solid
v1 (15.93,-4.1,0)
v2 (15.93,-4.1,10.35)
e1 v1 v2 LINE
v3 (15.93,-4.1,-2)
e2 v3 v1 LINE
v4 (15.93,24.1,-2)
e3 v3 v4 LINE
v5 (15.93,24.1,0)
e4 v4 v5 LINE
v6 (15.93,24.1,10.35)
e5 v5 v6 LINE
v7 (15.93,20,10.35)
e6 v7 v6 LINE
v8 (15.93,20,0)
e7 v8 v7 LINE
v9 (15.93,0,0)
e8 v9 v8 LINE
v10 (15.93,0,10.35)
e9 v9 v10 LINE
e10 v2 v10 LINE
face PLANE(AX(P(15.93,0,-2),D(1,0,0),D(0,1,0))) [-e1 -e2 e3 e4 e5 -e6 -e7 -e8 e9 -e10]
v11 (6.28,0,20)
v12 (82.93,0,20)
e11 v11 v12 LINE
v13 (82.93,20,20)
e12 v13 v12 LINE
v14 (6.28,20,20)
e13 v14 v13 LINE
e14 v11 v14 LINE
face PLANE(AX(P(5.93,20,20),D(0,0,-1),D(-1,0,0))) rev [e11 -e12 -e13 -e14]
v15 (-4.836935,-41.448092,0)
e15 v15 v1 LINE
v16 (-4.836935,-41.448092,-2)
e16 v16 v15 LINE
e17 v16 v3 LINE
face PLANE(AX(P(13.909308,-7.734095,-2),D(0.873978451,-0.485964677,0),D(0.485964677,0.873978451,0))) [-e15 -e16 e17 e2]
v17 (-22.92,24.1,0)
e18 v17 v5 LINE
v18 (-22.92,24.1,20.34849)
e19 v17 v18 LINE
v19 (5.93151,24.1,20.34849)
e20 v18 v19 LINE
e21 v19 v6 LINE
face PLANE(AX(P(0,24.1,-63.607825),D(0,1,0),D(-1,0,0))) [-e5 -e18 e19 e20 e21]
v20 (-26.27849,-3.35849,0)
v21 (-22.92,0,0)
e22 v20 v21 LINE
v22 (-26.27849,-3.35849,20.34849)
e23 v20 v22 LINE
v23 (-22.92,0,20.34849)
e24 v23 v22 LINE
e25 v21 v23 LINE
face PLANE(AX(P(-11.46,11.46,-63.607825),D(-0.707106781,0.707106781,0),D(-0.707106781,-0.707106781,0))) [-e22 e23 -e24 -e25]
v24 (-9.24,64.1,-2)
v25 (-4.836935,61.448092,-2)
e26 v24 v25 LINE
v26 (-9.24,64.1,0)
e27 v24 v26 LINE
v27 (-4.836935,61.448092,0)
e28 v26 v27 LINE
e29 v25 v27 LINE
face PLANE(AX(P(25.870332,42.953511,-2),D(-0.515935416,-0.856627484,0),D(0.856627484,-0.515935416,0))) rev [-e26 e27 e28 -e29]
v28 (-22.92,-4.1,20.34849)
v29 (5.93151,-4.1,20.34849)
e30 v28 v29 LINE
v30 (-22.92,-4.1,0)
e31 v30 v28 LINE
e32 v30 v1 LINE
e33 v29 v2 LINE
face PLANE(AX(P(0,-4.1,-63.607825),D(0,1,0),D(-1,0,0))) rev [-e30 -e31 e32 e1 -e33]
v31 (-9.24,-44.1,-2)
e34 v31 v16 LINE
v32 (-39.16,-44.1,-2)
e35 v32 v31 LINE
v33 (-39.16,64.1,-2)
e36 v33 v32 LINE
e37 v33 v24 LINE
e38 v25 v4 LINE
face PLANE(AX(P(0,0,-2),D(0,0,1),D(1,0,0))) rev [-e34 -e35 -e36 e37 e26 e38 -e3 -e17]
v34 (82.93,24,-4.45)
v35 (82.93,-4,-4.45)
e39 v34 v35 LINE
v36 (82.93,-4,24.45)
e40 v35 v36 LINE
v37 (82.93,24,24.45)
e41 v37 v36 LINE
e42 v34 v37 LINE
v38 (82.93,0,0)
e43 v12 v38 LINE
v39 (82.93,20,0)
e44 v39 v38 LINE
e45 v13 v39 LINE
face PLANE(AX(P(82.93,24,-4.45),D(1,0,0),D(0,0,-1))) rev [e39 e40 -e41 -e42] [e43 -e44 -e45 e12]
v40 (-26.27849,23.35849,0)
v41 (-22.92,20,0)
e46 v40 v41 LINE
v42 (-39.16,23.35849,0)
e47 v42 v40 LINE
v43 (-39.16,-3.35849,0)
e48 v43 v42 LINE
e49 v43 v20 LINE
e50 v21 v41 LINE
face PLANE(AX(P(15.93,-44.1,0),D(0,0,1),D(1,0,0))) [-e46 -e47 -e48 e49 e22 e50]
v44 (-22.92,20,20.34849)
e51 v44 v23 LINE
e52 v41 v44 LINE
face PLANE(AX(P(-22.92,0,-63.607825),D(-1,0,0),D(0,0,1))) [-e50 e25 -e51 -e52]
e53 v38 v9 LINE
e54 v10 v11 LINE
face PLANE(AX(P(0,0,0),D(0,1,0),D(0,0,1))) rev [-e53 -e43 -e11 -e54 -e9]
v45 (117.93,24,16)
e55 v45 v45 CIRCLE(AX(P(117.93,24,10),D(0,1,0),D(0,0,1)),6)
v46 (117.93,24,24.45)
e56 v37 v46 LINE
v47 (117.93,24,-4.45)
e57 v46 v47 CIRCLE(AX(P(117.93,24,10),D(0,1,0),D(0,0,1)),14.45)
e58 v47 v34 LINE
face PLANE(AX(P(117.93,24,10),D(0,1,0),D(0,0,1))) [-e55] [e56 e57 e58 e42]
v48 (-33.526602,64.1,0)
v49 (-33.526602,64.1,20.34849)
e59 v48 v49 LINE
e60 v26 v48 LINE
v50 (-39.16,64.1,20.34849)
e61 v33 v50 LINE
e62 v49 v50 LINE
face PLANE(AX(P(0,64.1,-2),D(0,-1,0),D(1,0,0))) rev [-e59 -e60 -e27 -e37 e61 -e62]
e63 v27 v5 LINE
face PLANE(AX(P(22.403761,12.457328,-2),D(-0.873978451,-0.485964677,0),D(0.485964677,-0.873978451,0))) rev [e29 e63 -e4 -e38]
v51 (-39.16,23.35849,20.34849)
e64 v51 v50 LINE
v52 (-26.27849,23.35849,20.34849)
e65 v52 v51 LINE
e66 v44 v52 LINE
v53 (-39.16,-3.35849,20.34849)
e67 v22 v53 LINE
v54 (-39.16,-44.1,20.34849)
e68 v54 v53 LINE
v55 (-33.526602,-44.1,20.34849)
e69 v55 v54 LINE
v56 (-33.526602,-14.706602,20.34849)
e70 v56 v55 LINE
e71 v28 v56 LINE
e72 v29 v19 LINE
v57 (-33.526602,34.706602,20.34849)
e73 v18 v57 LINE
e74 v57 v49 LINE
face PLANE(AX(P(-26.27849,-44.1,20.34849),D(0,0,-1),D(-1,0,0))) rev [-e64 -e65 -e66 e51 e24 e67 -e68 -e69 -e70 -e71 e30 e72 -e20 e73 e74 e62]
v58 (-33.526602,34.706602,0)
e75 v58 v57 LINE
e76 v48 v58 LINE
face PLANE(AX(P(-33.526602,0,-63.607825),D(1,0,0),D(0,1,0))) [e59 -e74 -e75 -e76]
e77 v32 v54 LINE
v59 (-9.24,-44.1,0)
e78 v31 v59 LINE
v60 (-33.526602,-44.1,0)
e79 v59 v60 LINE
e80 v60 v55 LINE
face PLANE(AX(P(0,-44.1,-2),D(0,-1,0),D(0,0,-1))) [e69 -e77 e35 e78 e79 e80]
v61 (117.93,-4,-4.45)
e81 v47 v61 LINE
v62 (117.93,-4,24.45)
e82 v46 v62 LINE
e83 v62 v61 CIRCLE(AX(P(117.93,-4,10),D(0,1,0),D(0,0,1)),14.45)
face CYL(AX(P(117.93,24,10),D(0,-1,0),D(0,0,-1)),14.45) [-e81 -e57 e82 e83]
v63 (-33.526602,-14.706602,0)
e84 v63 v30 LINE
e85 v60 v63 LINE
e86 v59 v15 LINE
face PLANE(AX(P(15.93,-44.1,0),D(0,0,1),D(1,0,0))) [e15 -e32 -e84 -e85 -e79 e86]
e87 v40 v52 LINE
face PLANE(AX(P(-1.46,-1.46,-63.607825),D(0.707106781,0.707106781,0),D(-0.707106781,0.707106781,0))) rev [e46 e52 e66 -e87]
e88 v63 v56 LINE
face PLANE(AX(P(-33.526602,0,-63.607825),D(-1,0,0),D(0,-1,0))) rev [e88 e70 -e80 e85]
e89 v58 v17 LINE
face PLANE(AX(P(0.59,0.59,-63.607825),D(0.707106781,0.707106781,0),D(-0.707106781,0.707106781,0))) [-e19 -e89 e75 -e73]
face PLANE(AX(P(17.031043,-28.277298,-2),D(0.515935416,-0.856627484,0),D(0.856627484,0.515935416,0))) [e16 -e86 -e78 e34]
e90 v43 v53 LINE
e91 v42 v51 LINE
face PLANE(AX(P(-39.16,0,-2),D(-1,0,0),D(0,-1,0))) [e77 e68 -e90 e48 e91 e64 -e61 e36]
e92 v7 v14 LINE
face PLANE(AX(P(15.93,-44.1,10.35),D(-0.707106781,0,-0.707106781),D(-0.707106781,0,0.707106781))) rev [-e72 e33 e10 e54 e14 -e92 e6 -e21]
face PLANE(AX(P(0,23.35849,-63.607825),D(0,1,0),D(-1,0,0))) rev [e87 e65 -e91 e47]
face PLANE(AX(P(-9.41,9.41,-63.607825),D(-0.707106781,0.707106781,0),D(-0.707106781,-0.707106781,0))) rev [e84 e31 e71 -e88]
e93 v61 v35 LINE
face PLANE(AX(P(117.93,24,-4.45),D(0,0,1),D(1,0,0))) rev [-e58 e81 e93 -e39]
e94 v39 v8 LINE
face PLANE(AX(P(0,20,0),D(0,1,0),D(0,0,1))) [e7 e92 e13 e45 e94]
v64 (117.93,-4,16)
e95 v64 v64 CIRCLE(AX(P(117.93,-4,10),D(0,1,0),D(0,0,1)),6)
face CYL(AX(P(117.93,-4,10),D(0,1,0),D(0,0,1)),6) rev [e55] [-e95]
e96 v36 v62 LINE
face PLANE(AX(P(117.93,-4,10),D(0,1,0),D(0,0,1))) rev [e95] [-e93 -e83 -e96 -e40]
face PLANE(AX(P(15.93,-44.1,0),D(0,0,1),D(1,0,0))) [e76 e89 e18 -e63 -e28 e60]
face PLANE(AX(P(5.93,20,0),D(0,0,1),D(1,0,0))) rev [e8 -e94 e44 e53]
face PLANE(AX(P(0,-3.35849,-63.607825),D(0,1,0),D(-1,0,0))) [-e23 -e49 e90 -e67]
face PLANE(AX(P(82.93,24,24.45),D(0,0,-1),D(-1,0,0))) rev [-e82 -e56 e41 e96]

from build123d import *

# Parameters (mm, degrees)
BOSS_EXTRUDE3_START = -4
BOSS_EXTRUDE3_DEPTH = 28
SKETCH3_R           = 6
CUT_EXTRUDE1_DEPTH  = 28
BOSS_EXTRUDE4_START = 10
SKETCH5_W           = 77
SKETCH5_H           = 20
BOSS_EXTRUDE4_DEPTH = 10
BOSS_EXTRUDE5_DEPTH = 2
BOSS_EXTRUDE6_DEPTH = 54.1
CUT_EXTRUDE5_REACH  = 151.158
SKETCH9_W           = 9.998489886
SKETCH9_H           = 40


with BuildPart() as part:
    # Sketch1 → Boss-Extrude3 (new body)
    with BuildSketch(Plane(origin=(0, 0, 0), x_dir=(1, 0, 0), z_dir=(0, 1, 0)).offset(BOSS_EXTRUDE3_START)):
        with BuildLine():
            Line((117.93, 4.45), (82.93, 4.45))
            Line((82.93, 4.45), (82.93, -24.45))
            Line((82.93, -24.45), (117.93, -24.45))
            ThreePointArc((117.93, -24.45), (132.38, -10), (117.93, 4.45))
        make_face()
    extrude(amount=BOSS_EXTRUDE3_DEPTH)

    # Sketch3 → Cut-Extrude1 (cut)
    with BuildSketch(Plane(origin=(0, 24, 0), x_dir=(1, 0, 0), z_dir=(0, 1, 0))):
        with Locations(Location((117.93, -10, 0), (0, 0, 270))):
            Circle(SKETCH3_R)
    extrude(amount=-CUT_EXTRUDE1_DEPTH, mode=Mode.SUBTRACT)

    # Sketch5 → Boss-Extrude4 (add, symmetric)
    with BuildSketch(Plane(origin=(0, 0, 0), x_dir=(1, 0, 0), z_dir=(0, 1, 0)).offset(BOSS_EXTRUDE4_START)):
        with Locations((44.43, -10)):
            Rectangle(SKETCH5_W, SKETCH5_H)
    extrude(amount=BOSS_EXTRUDE4_DEPTH, both=True)

    # Sketch6 → Boss-Extrude5 (add)
    with BuildSketch(Plane.XY):
        Polygon((-39.16, 64.1), (-39.16, -44.1), (-9.24, -44.1), (-4.836934731, -41.448091963), (15.93, -4.1), (15.93, 24.1), (-4.836934731, 61.448091963), (-9.24, 64.1), align=None)
    extrude(amount=-BOSS_EXTRUDE5_DEPTH)

    # Sketch7 → Boss-Extrude6 (add, symmetric)
    with BuildSketch(Plane(origin=(0, 10, 0), x_dir=(-1, 0, 0), z_dir=(0, -1, 0))):
        Polygon((-15.93, 0), (-15.93, -10.35), (-5.931510114, -20.348489886), (26.278489886, -20.348489886), (39.16, -20.348489886), (39.16, 0), align=None)
    extrude(amount=BOSS_EXTRUDE6_DEPTH, both=True)

    # Cut-Extrude5: up to this face of the body (flat: up to its plane)
    cut_extrude5_end = Plane(part.part.faces().sort_by_distance((8.383659054, -30.874400728, 0))[0])
    # Sketch9 → Cut-Extrude5 (cut, up to the picked face)
    with BuildSketch(Plane.XY.offset(20.348489886), mode=Mode.PRIVATE) as cut_extrude5_sk1:
        with Locations((10.930755057, -24.1)):
            Rectangle(SKETCH9_W, SKETCH9_H)
    cut_extrude5_tool1 = split(extrude(cut_extrude5_sk1.sketch, amount=-CUT_EXTRUDE5_REACH, mode=Mode.PRIVATE), bisect_by=cut_extrude5_end, keep=Keep.BOTH, mode=Mode.PRIVATE)
    # Sketch9 → Cut-Extrude5 (cut, up to the picked face)
    with BuildSketch(Plane.XY.offset(20.348489886), mode=Mode.PRIVATE) as cut_extrude5_sk2:
        Polygon((5.931510114, -44.1), (5.931510114, -4.1), (-22.92, -4.1), (-33.526601718, -14.706601718), (-33.526601718, -44.1), align=None)
    cut_extrude5_tool2 = split(extrude(cut_extrude5_sk2.sketch, amount=-CUT_EXTRUDE5_REACH, mode=Mode.PRIVATE), bisect_by=cut_extrude5_end, keep=Keep.BOTH, mode=Mode.PRIVATE)
    # Sketch9 → Cut-Extrude5 (cut, up to the picked face)
    with BuildSketch(Plane.XY.offset(20.348489886), mode=Mode.PRIVATE) as cut_extrude5_sk3:
        with Locations((10.930755057, 44.1)):
            Rectangle(SKETCH9_W, SKETCH9_H)
    cut_extrude5_tool3 = split(extrude(cut_extrude5_sk3.sketch, amount=-CUT_EXTRUDE5_REACH, mode=Mode.PRIVATE), bisect_by=cut_extrude5_end, keep=Keep.BOTH, mode=Mode.PRIVATE)
    # Sketch9 → Cut-Extrude5 (cut, up to the picked face)
    with BuildSketch(Plane.XY.offset(20.348489886), mode=Mode.PRIVATE) as cut_extrude5_sk4:
        Polygon((-22.92, 24.1), (5.931510114, 24.1), (5.931510114, 64.1), (-33.526601718, 64.1), (-33.526601718, 34.706601718), align=None)
    cut_extrude5_tool4 = split(extrude(cut_extrude5_sk4.sketch, amount=-CUT_EXTRUDE5_REACH, mode=Mode.PRIVATE), bisect_by=cut_extrude5_end, keep=Keep.BOTH, mode=Mode.PRIVATE)
    # Sketch9 → Cut-Extrude5 (cut, up to the picked face)
    with BuildSketch(Plane.XY.offset(20.348489886), mode=Mode.PRIVATE) as cut_extrude5_sk5:
        Polygon((-22.92, 0), (-22.92, 20), (-26.278489886, 23.358489886), (-39.16, 23.358489886), (-39.16, -3.358489886), (-26.278489886, -3.358489886), align=None)
    cut_extrude5_tool5 = split(extrude(cut_extrude5_sk5.sketch, amount=-CUT_EXTRUDE5_REACH, mode=Mode.PRIVATE), bisect_by=cut_extrude5_end, keep=Keep.BOTH, mode=Mode.PRIVATE)
    add(cut_extrude5_tool1.solids().sort_by(Axis((10.930755, -24.1, 20.34849), (0, 0, -1)))[0], mode=Mode.SUBTRACT)
    add(cut_extrude5_tool2.solids().sort_by(Axis((-13.199096, -24.708463, 20.34849), (0, 0, -1)))[0], mode=Mode.SUBTRACT)
    add(cut_extrude5_tool3.solids().sort_by(Axis((10.930755, 44.1, 20.34849), (0, 0, -1)))[0], mode=Mode.SUBTRACT)
    add(cut_extrude5_tool4.solids().sort_by(Axis((-13.199096, 44.708463, 20.34849), (0, 0, -1)))[0], mode=Mode.SUBTRACT)
    add(cut_extrude5_tool5.solids().sort_by(Axis((-31.226846, 10, 20.34849), (0, 0, -1)))[0], mode=Mode.SUBTRACT)


solid = part.part
